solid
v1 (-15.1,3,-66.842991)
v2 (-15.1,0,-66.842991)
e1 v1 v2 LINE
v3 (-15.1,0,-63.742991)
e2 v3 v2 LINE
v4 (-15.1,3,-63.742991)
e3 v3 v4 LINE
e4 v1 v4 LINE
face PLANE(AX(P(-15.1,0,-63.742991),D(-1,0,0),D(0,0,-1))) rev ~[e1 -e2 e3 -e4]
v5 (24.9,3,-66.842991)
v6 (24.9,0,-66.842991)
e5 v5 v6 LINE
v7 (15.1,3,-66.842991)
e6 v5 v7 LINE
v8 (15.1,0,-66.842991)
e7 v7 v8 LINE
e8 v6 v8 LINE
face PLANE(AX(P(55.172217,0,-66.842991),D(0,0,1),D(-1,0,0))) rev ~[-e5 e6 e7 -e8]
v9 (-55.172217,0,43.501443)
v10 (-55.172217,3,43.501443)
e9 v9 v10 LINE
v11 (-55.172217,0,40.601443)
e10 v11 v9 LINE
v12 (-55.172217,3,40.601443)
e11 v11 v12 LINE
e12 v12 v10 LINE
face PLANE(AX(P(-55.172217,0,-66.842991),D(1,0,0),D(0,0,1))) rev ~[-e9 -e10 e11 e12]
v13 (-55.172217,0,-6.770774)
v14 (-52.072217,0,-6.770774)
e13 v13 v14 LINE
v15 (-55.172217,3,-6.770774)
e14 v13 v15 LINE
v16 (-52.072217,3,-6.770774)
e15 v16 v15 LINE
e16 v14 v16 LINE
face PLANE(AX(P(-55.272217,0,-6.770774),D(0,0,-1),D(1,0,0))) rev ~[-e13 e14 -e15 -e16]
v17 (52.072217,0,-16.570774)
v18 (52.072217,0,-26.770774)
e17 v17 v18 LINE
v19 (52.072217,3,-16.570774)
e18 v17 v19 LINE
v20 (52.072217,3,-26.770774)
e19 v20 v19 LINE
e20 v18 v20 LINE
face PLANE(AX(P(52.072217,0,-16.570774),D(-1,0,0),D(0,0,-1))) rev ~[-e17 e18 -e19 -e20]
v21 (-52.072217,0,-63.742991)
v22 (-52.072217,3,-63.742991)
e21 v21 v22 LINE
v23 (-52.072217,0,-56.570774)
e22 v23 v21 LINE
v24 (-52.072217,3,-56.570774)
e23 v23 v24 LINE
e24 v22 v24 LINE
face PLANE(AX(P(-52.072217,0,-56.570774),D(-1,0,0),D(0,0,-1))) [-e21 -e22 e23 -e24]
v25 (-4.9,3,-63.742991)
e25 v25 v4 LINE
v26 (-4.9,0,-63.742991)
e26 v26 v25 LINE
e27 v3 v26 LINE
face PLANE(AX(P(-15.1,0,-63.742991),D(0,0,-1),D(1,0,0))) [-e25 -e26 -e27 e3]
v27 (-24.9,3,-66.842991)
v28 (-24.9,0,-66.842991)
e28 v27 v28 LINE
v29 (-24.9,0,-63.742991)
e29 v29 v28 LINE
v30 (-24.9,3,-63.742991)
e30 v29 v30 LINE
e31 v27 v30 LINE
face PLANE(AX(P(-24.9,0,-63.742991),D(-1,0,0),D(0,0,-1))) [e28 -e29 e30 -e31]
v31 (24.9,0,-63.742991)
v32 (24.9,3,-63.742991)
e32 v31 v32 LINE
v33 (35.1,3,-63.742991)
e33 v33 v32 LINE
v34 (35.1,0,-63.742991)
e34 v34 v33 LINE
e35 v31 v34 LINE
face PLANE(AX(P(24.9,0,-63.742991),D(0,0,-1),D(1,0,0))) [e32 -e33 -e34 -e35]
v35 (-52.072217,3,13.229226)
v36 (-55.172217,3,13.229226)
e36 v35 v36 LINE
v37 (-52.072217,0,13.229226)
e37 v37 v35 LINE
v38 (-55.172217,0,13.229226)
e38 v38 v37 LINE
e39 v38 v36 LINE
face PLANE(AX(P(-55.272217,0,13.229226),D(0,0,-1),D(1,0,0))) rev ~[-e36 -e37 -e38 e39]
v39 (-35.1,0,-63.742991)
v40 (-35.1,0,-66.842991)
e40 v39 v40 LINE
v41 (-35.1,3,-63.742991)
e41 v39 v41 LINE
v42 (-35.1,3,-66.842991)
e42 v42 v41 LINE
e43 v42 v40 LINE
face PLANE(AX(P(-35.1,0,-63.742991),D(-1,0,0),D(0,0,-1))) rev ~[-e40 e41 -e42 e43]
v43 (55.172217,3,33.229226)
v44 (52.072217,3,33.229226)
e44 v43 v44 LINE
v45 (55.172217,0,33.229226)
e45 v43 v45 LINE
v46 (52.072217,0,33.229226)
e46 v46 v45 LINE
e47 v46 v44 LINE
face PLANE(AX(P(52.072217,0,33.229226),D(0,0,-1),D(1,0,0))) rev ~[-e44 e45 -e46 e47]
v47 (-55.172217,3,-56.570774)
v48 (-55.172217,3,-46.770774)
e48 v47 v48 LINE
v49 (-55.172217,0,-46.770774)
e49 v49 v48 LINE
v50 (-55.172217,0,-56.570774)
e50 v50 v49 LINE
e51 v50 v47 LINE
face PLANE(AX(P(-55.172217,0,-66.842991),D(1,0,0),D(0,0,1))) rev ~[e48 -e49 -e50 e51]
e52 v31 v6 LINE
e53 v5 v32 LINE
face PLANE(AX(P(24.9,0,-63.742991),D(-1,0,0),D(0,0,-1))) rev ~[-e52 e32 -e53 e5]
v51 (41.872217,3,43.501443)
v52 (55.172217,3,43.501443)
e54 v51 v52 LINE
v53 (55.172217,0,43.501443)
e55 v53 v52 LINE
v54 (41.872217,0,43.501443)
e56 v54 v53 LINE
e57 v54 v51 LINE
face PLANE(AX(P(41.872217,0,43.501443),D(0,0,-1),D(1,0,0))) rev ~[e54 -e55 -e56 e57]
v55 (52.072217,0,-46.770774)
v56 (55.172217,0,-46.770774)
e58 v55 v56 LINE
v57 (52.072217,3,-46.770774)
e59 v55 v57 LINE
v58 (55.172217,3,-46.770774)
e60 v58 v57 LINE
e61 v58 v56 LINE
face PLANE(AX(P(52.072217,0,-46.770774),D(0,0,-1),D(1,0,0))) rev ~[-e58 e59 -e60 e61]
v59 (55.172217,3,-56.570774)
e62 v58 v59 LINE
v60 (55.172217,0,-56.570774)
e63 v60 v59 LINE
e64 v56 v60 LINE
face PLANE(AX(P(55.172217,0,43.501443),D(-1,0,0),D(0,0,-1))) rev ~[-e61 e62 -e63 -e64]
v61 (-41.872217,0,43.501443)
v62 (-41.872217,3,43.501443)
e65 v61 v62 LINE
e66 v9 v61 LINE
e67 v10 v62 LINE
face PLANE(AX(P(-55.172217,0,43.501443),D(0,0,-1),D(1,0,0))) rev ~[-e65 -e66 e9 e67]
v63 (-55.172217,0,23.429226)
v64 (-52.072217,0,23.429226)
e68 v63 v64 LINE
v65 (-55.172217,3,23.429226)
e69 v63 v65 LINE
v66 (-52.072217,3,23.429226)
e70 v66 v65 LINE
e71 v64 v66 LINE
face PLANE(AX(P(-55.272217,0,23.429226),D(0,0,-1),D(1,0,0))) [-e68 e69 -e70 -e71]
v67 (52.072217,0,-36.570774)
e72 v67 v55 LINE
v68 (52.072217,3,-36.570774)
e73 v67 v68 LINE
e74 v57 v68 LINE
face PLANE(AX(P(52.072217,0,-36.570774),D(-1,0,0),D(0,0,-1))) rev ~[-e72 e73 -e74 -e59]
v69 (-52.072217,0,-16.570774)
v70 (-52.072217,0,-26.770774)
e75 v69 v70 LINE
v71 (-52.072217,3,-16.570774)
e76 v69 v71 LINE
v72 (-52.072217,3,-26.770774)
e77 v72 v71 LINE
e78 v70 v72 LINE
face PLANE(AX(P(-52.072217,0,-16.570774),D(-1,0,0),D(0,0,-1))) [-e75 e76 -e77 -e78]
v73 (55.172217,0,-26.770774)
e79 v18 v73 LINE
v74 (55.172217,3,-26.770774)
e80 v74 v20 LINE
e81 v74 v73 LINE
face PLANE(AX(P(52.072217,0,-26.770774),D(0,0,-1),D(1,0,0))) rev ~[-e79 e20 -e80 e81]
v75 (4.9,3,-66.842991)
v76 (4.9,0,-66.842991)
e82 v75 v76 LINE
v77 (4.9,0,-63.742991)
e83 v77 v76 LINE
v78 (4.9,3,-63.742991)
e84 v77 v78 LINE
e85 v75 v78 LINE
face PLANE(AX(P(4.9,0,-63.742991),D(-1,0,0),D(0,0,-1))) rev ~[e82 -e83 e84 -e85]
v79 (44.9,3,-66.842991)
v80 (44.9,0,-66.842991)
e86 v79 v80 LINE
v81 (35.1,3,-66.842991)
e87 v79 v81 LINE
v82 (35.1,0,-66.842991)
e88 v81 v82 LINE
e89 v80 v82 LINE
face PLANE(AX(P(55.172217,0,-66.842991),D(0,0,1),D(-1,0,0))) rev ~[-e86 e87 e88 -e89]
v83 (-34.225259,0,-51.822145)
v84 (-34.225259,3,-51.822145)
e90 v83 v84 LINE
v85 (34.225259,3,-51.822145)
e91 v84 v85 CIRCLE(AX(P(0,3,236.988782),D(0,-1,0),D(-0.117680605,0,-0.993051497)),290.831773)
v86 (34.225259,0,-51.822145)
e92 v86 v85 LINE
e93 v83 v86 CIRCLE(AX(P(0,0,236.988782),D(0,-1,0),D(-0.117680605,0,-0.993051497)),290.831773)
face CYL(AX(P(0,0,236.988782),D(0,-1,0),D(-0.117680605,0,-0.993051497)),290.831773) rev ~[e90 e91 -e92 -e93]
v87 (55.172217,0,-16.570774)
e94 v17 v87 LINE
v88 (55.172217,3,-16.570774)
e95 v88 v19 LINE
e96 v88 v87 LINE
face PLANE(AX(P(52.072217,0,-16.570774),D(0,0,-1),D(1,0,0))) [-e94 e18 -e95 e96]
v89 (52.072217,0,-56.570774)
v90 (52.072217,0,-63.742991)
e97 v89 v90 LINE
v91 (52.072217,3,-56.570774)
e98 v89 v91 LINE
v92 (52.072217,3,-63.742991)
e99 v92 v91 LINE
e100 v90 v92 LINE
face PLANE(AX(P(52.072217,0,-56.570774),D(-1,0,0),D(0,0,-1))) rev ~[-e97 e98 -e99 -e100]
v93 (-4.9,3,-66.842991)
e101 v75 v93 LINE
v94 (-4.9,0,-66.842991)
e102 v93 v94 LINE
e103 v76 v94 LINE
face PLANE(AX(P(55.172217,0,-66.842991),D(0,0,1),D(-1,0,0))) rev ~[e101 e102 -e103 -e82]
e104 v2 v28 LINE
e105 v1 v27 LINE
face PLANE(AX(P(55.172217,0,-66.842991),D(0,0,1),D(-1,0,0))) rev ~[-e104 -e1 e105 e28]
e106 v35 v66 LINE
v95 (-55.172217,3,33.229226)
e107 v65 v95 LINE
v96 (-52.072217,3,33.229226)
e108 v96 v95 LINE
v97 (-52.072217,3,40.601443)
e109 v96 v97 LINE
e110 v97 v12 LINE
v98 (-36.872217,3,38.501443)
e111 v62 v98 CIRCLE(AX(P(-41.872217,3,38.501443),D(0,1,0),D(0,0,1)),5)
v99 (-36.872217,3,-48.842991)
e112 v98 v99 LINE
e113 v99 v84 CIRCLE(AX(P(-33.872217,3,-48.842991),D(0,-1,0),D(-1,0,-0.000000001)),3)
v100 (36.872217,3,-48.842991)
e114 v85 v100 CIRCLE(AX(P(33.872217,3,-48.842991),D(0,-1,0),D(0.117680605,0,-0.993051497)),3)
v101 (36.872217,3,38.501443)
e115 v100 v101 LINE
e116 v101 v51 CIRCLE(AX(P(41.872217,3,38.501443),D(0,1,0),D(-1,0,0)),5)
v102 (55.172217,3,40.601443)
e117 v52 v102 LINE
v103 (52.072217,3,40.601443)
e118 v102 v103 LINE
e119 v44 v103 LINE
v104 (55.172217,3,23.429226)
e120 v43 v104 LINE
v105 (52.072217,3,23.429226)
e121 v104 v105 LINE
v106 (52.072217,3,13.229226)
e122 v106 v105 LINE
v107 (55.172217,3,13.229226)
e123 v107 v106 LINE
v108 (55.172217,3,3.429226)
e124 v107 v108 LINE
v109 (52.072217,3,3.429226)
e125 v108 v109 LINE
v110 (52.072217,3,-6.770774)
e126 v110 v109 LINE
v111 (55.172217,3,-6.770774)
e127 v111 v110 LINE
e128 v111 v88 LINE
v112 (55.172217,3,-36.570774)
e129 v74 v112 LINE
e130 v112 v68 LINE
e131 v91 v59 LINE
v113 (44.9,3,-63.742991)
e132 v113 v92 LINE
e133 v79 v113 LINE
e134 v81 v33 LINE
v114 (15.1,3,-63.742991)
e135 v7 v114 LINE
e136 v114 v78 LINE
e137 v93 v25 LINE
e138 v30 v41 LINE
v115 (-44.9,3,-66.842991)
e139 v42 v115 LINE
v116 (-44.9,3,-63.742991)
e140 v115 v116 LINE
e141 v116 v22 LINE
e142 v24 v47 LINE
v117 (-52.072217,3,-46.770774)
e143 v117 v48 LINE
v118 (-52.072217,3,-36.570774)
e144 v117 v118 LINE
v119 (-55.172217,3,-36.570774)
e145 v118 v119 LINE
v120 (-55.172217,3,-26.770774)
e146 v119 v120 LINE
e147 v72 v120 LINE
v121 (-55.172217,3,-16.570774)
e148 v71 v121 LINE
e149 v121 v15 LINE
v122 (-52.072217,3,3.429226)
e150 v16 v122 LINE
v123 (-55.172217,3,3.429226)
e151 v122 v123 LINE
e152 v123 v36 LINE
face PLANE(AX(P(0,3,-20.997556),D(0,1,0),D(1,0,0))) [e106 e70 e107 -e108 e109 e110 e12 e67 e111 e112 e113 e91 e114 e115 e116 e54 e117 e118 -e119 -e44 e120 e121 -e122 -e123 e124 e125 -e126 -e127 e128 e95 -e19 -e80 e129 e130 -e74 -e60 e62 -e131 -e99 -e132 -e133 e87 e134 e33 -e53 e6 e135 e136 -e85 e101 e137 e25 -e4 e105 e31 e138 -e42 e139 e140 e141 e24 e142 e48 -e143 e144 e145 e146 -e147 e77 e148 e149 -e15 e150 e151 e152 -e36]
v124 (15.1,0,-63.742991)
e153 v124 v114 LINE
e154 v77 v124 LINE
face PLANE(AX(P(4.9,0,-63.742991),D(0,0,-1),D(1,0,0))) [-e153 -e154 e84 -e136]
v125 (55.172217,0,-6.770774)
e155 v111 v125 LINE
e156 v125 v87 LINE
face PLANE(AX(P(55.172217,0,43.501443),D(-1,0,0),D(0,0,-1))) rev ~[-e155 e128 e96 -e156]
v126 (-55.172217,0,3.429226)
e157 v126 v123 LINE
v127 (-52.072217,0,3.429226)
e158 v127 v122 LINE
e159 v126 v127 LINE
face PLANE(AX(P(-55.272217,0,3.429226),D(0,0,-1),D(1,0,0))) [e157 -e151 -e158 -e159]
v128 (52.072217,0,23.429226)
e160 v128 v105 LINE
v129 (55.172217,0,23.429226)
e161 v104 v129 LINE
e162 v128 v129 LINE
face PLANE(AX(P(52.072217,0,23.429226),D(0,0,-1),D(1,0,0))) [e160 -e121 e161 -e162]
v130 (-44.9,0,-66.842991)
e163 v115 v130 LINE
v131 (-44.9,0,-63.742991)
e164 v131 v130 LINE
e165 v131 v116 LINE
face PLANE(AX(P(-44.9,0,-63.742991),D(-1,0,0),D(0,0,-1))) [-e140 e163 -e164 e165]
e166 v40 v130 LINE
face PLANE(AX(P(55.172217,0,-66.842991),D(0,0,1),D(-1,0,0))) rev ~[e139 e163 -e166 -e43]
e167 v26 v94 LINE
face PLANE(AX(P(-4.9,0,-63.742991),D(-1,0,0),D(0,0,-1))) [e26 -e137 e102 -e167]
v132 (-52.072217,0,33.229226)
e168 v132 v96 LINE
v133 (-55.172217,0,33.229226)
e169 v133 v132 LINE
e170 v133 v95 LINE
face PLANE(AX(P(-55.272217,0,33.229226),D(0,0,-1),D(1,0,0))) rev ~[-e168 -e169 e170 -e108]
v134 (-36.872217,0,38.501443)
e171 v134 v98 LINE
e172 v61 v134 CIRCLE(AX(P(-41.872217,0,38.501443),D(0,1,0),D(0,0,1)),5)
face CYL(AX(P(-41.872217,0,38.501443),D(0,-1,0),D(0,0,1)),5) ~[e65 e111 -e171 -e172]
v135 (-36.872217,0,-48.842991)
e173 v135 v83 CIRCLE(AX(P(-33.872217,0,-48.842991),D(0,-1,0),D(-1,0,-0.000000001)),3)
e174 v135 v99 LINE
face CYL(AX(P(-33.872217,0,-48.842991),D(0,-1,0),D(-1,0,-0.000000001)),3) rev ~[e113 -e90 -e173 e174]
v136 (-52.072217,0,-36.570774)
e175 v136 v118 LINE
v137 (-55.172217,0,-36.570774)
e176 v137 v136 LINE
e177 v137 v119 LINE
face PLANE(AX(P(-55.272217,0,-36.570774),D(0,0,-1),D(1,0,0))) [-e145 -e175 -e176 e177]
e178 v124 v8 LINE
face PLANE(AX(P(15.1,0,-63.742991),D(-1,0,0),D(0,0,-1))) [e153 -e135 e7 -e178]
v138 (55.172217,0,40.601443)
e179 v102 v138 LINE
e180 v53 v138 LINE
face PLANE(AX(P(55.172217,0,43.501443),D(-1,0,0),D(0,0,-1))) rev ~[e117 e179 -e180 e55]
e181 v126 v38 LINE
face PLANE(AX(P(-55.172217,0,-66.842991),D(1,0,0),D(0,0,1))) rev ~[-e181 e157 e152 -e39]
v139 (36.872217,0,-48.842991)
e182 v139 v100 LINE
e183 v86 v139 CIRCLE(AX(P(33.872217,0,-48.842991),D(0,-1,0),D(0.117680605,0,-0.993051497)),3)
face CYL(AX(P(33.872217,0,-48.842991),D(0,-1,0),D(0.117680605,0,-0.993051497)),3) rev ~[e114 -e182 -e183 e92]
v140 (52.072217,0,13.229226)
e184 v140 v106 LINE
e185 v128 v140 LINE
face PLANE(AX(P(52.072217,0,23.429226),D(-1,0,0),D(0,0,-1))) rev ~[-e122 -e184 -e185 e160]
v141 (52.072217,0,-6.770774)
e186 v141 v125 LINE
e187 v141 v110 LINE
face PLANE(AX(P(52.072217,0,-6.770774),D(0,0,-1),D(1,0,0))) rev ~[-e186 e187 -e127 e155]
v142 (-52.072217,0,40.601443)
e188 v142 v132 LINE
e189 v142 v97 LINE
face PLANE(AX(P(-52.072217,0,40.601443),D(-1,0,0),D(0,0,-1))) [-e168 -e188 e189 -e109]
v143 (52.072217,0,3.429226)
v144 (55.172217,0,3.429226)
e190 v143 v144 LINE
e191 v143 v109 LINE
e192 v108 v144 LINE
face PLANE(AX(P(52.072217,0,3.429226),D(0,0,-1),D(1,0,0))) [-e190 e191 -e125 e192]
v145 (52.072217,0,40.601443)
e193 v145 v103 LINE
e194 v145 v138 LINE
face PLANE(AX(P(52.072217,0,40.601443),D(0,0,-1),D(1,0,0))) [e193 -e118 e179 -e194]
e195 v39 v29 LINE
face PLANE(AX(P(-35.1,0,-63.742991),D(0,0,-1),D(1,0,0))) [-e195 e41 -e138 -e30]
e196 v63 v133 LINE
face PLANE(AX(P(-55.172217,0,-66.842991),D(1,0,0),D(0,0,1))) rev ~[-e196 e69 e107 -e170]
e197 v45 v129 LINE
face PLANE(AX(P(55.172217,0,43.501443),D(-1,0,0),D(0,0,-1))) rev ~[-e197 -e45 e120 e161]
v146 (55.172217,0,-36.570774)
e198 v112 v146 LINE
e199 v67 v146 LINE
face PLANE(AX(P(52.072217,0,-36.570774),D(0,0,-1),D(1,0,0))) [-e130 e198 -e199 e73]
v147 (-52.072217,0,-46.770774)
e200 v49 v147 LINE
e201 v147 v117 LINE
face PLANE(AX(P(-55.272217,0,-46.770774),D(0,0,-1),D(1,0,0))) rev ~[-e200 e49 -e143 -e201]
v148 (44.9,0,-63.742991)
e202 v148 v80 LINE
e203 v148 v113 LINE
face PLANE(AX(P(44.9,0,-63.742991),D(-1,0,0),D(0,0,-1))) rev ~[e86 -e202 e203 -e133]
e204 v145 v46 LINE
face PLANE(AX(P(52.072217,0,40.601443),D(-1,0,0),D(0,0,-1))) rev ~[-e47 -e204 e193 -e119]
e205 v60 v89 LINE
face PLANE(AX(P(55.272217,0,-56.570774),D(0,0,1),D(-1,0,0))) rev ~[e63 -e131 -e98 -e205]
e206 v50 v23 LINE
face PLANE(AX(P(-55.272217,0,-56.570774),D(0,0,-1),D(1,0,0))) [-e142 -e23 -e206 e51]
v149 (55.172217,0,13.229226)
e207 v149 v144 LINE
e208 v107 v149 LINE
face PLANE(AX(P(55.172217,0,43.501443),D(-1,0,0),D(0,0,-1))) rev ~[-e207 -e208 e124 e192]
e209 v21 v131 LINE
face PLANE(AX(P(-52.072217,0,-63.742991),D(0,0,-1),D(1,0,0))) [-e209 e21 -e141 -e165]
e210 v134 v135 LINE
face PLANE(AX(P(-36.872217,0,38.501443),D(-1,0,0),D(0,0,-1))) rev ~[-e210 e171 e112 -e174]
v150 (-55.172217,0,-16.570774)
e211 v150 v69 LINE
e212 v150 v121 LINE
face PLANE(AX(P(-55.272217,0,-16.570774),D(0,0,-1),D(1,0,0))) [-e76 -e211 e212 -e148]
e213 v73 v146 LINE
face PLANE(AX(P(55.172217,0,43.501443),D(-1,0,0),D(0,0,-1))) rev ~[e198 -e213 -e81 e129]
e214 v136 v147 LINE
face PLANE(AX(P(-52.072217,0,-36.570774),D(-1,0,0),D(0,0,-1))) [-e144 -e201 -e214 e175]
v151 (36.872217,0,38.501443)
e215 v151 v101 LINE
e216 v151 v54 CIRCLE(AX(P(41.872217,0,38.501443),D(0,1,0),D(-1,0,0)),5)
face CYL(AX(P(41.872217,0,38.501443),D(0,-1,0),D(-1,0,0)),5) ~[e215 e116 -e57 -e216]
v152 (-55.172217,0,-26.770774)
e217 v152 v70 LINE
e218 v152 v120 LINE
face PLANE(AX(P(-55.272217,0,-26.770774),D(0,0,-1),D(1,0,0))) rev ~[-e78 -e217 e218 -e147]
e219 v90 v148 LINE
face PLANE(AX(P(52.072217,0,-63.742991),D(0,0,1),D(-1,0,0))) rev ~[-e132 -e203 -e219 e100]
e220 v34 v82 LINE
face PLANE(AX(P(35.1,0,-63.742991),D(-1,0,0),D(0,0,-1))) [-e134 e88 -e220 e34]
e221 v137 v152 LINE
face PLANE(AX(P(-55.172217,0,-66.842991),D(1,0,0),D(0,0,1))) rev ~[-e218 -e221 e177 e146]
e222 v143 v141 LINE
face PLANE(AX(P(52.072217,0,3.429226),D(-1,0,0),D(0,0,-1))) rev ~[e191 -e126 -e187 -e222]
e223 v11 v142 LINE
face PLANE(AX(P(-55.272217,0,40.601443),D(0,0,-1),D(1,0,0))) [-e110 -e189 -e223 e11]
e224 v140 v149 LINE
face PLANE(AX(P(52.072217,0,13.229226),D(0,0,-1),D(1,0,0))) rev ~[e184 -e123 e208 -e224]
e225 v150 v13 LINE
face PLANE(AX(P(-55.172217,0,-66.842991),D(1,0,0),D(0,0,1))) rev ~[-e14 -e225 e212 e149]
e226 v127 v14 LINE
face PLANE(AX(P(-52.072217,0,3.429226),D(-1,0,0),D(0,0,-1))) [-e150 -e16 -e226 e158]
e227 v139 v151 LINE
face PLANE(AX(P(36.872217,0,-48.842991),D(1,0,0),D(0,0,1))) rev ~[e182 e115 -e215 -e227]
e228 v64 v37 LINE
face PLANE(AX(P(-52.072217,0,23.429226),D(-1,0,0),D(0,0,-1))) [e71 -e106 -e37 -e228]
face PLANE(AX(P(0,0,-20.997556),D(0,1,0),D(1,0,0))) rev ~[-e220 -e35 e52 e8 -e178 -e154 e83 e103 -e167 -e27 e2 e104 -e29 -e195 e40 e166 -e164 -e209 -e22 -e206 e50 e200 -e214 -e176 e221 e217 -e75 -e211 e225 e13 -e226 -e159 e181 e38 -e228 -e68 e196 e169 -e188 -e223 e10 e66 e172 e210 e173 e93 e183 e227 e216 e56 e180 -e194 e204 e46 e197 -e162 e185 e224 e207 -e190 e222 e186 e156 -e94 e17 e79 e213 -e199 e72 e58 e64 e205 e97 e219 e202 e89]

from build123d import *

# Parameters (mm, degrees)
BOSS_EXTRUDE1_DEPTH = 3
SKETCH2_W           = 3.2
SKETCH2_H           = 7.372217102
SKETCH2_H_2         = 10.2
SKETCH2_W_2         = 10.2
SKETCH2_H_3         = 3.2
CUT_EXTRUDE1_DEPTH  = 4


with BuildPart() as part:
    # Sketch1 → Boss-Extrude1 (new body)
    with BuildSketch(Plane(origin=(0, 0, 0), x_dir=(1, 0, 0), z_dir=(0, 1, 0))):
        with BuildLine():
            Line((55.172217102, -43.501443346), (55.172217102, 66.842990858))
            Line((55.172217102, 66.842990858), (-55.172217102, 66.842990858))
            Line((-55.172217102, 66.842990858), (-55.172217102, -43.501443346))
            Line((-55.172217102, -43.501443346), (-41.872217102, -43.501443346))
            ThreePointArc((-41.872217102, -43.501443346), (-38.336683196, -42.036977252), (-36.872217102, -38.501443346))
            Line((-36.872217102, -38.501443346), (-36.872217102, 48.842990858))
            ThreePointArc((-36.872217102, 48.842990858), (-36.114885762, 50.835586471), (-34.225258916, 51.822145348))
            ThreePointArc((-34.225258916, 51.822145348), (0, 53.842990858), (34.225258916, 51.822145348))
            ThreePointArc((34.225258916, 51.822145348), (36.114885762, 50.835586471), (36.872217102, 48.842990858))
            Line((36.872217102, 48.842990858), (36.872217102, -38.501443346))
            ThreePointArc((36.872217102, -38.501443346), (38.336683196, -42.036977252), (41.872217102, -43.501443346))
            Line((41.872217102, -43.501443346), (55.172217102, -43.501443346))
        make_face()
    extrude(amount=BOSS_EXTRUDE1_DEPTH)

    # Sketch2 → Cut-Extrude1 (cut, through all)
    with BuildSketch(Plane(origin=(0, 0, 0), x_dir=(1, 0, 0), z_dir=(0, 1, 0))):
        with Locations((-53.672217102, -36.915334795)):
            Rectangle(SKETCH2_W, SKETCH2_H)
        Polygon((-44.9, 63.742990858), (-44.9, 66.942990858), (-55.272217102, 66.942990858), (-55.272217102, 56.570773756), (-52.072217102, 56.570773756), (-52.072217102, 63.742990858), align=None)
        with Locations((-53.672217102, 1.670773756)):
            Rectangle(SKETCH2_W, SKETCH2_H_2)
        with Locations((-53.672217102, -18.329226244)):
            Rectangle(SKETCH2_W, SKETCH2_H_2)
        with Locations((-53.672217102, 21.670773756)):
            Rectangle(SKETCH2_W, SKETCH2_H_2)
        with Locations((-53.672217102, 41.670773756)):
            Rectangle(SKETCH2_W, SKETCH2_H_2)
        with Locations((-30, 65.342990858)):
            Rectangle(SKETCH2_W_2, SKETCH2_H_3)
        with Locations((-10, 65.342990858)):
            Rectangle(SKETCH2_W_2, SKETCH2_H_3)
        with Locations((53.672217102, 41.670773756)):
            Rectangle(SKETCH2_W, SKETCH2_H_2)
        with Locations((53.672217102, 21.670773756)):
            Rectangle(SKETCH2_W, SKETCH2_H_2)
        with Locations((53.672217102, 1.670773756)):
            Rectangle(SKETCH2_W, SKETCH2_H_2)
        with Locations((53.672217102, -18.329226244)):
            Rectangle(SKETCH2_W, SKETCH2_H_2)
        with Locations((53.672217102, -36.915334795)):
            Rectangle(SKETCH2_W, SKETCH2_H)
        with Locations((30, 65.342990858)):
            Rectangle(SKETCH2_W_2, SKETCH2_H_3)
        with Locations((10, 65.342990858)):
            Rectangle(SKETCH2_W_2, SKETCH2_H_3)
        Polygon((44.9, 66.942990858), (55.272217102, 66.942990858), (55.272217102, 56.570773756), (52.072217102, 56.570773756), (52.072217102, 63.742990858), (44.9, 63.742990858), align=None)
    extrude(amount=CUT_EXTRUDE1_DEPTH, mode=Mode.SUBTRACT)


solid = part.part
